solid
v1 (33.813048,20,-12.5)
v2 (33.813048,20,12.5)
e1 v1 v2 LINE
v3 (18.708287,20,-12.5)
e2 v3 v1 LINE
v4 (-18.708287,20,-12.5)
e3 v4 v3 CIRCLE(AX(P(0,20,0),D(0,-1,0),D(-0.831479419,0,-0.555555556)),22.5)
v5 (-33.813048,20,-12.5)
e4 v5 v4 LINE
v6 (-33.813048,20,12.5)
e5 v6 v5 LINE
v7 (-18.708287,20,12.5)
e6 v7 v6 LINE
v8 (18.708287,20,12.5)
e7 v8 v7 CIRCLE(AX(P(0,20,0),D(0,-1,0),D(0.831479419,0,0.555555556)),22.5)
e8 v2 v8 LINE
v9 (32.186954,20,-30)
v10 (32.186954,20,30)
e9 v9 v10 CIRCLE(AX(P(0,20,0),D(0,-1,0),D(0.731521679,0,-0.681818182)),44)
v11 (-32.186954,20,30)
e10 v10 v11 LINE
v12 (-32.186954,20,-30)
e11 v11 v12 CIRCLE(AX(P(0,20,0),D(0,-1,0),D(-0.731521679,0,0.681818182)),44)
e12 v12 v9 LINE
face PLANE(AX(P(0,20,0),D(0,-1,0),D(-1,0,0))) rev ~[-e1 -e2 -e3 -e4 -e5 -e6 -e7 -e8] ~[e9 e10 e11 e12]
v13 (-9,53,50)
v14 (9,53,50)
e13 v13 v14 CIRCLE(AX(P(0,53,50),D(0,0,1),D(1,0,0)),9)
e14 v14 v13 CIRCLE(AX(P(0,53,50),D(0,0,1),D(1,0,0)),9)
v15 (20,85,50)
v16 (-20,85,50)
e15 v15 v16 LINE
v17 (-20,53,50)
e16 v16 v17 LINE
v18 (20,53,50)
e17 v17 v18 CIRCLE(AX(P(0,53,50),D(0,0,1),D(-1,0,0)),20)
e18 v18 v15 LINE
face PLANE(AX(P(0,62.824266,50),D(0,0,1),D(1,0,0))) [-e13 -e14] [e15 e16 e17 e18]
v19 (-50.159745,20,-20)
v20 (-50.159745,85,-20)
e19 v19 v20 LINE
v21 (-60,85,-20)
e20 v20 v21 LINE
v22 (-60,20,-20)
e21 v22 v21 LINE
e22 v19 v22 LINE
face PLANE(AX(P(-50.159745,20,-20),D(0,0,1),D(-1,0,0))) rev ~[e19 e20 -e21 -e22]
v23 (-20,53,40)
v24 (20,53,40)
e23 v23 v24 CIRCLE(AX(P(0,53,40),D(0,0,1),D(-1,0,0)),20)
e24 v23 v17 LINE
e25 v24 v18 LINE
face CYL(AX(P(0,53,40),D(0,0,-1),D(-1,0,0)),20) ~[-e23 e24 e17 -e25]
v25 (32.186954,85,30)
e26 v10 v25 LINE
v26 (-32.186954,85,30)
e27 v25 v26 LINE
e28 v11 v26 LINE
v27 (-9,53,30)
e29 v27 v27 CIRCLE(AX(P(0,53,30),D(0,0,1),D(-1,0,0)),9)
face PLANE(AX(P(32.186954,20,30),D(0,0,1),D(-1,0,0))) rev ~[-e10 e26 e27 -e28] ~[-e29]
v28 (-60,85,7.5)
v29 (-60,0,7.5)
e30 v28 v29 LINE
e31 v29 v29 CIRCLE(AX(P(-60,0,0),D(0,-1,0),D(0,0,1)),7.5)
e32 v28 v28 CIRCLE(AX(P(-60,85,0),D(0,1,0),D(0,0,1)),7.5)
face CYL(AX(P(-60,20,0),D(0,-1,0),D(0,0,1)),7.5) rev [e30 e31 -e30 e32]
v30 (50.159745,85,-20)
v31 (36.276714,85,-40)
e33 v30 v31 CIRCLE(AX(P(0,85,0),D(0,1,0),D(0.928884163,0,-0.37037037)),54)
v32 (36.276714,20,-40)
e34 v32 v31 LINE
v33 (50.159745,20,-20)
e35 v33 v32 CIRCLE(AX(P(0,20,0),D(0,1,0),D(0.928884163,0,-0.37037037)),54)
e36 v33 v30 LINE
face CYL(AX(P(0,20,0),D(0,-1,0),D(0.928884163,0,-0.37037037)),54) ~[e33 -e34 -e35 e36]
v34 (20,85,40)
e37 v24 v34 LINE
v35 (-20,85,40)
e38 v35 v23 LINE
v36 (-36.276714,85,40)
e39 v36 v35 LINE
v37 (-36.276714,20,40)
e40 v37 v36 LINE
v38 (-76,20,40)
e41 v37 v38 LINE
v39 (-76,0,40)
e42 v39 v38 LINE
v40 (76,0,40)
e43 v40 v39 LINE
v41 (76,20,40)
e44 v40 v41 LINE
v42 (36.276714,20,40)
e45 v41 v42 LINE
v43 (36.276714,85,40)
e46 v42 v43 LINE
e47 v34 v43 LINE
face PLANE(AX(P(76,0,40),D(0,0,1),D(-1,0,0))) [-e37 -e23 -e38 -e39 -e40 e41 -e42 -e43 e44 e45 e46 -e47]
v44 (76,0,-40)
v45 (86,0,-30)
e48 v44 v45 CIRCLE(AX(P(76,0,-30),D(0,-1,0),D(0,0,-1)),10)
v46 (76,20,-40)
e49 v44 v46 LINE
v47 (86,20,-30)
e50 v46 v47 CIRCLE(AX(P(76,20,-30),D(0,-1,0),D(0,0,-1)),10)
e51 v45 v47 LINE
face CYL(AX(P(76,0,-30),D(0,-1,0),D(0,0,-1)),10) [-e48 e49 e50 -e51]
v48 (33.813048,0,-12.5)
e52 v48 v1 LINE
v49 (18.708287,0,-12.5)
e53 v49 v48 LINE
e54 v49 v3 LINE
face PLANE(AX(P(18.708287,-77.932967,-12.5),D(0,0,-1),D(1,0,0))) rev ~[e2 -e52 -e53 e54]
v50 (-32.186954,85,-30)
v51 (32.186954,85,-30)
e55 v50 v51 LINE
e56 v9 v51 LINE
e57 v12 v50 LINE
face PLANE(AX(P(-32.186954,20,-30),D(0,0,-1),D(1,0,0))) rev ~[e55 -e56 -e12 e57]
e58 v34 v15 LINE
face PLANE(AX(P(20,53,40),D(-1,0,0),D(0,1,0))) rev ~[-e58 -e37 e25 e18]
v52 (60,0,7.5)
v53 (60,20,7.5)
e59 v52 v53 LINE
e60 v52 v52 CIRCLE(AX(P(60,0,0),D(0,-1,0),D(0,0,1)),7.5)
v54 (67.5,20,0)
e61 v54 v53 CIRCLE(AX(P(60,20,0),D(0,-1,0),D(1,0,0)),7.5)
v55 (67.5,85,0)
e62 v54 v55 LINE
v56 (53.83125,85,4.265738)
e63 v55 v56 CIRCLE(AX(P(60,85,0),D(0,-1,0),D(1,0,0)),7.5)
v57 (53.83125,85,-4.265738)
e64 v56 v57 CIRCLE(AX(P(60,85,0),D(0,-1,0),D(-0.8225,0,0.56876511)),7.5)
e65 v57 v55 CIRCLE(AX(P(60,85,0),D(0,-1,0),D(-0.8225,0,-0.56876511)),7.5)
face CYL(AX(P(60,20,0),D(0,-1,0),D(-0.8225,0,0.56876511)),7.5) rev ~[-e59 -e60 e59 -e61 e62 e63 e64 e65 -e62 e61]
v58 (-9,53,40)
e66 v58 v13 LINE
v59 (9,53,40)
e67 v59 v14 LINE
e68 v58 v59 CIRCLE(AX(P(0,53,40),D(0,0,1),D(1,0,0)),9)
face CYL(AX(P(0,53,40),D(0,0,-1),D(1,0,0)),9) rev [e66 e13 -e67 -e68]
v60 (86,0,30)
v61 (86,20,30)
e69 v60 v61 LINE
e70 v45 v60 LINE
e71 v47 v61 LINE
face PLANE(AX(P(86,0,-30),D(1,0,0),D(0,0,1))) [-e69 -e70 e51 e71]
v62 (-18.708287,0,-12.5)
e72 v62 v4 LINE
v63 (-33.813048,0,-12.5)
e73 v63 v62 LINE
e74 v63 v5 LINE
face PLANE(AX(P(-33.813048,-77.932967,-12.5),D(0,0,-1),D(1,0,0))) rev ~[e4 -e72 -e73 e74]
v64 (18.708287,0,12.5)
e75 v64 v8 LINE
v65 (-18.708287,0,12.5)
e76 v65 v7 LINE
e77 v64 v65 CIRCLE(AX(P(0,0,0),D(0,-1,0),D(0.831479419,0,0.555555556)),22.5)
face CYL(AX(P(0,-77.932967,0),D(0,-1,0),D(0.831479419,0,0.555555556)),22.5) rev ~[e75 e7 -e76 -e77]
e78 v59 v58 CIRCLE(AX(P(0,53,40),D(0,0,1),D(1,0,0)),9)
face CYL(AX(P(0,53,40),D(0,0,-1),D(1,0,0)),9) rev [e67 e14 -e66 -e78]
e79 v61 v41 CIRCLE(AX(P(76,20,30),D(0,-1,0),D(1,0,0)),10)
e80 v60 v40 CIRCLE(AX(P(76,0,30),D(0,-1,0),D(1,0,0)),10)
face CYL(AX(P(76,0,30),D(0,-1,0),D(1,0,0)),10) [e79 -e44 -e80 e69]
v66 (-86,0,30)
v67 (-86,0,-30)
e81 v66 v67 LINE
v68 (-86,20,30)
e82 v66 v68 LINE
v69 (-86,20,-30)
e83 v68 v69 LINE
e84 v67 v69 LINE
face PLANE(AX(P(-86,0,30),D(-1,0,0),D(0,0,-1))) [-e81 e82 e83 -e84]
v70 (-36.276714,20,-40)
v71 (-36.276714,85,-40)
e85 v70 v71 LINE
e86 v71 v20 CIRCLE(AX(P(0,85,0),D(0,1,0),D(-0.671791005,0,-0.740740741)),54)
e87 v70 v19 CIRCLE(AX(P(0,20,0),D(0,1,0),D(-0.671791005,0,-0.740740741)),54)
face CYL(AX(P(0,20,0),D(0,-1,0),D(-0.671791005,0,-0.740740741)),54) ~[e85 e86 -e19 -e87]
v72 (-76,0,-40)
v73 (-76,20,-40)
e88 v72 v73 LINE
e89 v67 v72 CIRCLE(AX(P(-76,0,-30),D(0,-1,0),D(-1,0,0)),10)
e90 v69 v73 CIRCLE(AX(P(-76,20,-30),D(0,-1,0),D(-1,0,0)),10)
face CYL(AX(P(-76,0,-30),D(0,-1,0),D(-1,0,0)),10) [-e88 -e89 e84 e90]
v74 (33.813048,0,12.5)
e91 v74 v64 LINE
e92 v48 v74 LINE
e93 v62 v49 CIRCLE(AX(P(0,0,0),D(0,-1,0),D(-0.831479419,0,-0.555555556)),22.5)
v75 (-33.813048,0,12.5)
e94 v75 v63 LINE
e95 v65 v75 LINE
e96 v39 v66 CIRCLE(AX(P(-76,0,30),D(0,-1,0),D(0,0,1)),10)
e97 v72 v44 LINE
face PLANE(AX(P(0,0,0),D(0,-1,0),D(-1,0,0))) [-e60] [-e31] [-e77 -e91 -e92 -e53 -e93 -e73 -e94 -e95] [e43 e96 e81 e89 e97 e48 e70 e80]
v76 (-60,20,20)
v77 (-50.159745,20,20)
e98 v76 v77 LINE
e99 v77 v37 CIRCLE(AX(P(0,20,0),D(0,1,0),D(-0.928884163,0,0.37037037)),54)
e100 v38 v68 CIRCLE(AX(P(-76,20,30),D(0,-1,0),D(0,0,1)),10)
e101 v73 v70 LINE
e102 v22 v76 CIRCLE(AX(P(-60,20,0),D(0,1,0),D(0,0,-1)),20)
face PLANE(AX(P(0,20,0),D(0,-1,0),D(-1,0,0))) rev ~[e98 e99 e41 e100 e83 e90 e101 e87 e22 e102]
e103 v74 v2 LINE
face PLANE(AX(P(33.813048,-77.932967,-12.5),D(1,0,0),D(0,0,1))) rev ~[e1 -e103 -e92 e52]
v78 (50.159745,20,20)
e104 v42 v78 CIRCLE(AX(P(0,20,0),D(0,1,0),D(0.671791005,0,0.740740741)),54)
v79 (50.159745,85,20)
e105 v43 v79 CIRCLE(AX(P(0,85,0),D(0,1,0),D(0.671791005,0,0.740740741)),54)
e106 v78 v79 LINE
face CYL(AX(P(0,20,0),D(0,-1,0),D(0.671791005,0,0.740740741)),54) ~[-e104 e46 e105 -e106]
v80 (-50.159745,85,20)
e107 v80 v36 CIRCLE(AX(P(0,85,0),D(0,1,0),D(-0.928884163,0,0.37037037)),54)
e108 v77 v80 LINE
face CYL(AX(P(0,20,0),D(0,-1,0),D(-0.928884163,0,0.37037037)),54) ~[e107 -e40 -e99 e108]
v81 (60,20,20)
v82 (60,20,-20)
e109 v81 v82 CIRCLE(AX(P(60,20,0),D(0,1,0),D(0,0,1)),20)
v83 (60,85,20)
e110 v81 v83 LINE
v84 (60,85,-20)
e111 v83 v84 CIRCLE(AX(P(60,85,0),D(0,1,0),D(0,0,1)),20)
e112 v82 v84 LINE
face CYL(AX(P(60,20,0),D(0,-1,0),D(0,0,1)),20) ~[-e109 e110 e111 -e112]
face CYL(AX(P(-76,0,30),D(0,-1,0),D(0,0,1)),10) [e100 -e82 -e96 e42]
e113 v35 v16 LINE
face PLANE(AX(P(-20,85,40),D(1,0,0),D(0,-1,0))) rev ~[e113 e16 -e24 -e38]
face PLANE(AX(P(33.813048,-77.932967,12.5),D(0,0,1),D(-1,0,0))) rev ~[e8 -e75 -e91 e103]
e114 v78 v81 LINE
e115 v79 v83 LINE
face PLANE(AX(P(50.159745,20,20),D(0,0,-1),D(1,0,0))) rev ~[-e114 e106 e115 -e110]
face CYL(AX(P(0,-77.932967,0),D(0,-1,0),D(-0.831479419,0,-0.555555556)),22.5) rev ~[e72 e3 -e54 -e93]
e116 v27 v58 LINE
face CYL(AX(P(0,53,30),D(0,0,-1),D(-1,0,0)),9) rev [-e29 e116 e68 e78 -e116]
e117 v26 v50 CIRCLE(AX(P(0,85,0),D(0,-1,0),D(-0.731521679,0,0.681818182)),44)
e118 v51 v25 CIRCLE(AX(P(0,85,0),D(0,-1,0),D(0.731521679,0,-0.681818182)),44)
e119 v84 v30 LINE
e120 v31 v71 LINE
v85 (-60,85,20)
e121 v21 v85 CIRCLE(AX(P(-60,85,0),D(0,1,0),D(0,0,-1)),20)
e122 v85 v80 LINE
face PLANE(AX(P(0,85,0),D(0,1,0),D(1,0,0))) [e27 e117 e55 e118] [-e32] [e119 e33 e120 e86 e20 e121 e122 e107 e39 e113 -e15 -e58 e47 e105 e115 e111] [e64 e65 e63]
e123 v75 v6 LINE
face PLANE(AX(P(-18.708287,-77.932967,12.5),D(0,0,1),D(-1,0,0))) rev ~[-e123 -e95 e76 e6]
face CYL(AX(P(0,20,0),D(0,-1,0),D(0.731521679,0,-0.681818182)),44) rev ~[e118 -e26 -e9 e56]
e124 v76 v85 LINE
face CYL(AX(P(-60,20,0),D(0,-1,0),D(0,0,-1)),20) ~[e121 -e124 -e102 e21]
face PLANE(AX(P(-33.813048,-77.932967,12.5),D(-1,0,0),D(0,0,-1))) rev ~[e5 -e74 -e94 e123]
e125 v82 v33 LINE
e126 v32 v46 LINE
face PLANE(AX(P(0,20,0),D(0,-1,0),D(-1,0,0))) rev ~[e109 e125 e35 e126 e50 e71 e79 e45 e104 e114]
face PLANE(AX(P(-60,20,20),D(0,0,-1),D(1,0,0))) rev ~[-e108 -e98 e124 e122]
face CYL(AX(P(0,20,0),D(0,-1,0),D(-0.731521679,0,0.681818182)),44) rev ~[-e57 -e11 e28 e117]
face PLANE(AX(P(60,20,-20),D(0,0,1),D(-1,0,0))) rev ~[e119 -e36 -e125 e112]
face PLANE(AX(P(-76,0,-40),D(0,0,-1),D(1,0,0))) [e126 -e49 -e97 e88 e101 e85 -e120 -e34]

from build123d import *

# Parameters (mm, degrees)
EXTRUDE_1_DEPTH          = 20
CUT_EXTRUDE_1_DEPTH      = 97.932966528
CUT_EXTRUDE_1_DEPTH_BACK = 97.932966528
SKETCH_3_R               = 7.5
EXTRUDE_2_DEPTH          = 65
CUT_EXTRUDE_2_DEPTH      = 128.361689687
CUT_EXTRUDE_2_DEPTH_BACK = 128.361689687
SKETCH_5_R               = 7.5
SKETCH_6_R               = 9
EXTRUDE_3_DEPTH          = 10
CUT_EXTRUDE_3_DEPTH      = 151.73486657
CUT_EXTRUDE_3_DEPTH_BACK = 20
SKETCH_7_R               = 9


with BuildPart() as part:
    # 草图1 → 凸台-拉伸1 (new body)
    with BuildSketch(Plane(origin=(0, 0, 0), x_dir=(1, 0, 0), z_dir=(0, 1, 0))):
        with BuildLine():
            Line((-76, 40), (76, 40))
            ThreePointArc((76, 40), (83.071067812, 37.071067812), (86, 30))
            Line((86, 30), (86, -30))
            ThreePointArc((86, -30), (83.071067812, -37.071067812), (76, -40))
            Line((76, -40), (-76, -40))
            ThreePointArc((-76, -40), (-83.071067812, -37.071067812), (-86, -30))
            Line((-86, -30), (-86, 30))
            ThreePointArc((-86, 30), (-83.071067812, 37.071067812), (-76, 40))
        make_face()
    extrude(amount=EXTRUDE_1_DEPTH)

    # 草图2 → 切除-拉伸1 (cut, two sides: drawn at the far end of the back side and taken through both)
    with BuildSketch(Plane(origin=(0, 20, 0), x_dir=(1, 0, 0), z_dir=(0, 1, 0)).offset(-CUT_EXTRUDE_1_DEPTH_BACK)):
        with BuildLine():
            Line((33.813047991, 12.5), (33.813047991, -12.5))
            Line((33.813047991, -12.5), (18.708286934, -12.5))
            ThreePointArc((18.708286934, -12.5), (0, -22.5), (-18.708286934, -12.5))
            Line((-18.708286934, -12.5), (-33.813047991, -12.5))
            Line((-33.813047991, -12.5), (-33.813047991, 12.5))
            Line((-33.813047991, 12.5), (-18.708286934, 12.5))
            ThreePointArc((-18.708286934, 12.5), (0, 22.5), (18.708286934, 12.5))
            Line((18.708286934, 12.5), (33.813047991, 12.5))
        make_face()
    extrude(amount=CUT_EXTRUDE_1_DEPTH + CUT_EXTRUDE_1_DEPTH_BACK, mode=Mode.SUBTRACT)

    # 草图3 → 凸台-拉伸2 (add)
    with BuildSketch(Plane(origin=(0, 20, 0), x_dir=(1, 0, 0), z_dir=(0, 1, 0))):
        with BuildLine():
            ThreePointArc((60, -20), (80, 0), (60, 20))
            Line((60, 20), (50.159744816, 20))
            ThreePointArc((50.159744816, 20), (44.36006499, 30.792606809), (36.276714294, 40))
            Line((36.276714294, 40), (-36.276714294, 40))
            ThreePointArc((-36.276714294, 40), (-44.36006499, 30.792606809), (-50.159744816, 20))
            Line((-50.159744816, 20), (-60, 20))
            ThreePointArc((-60, 20), (-80, 0), (-60, -20))
            Line((-60, -20), (-50.159744816, -20))
            ThreePointArc((-50.159744816, -20), (-44.36006499, -30.792606809), (-36.276714294, -40))
            Line((-36.276714294, -40), (36.276714294, -40))
            ThreePointArc((36.276714294, -40), (44.36006499, -30.792606809), (50.159744816, -20))
            Line((50.159744816, -20), (60, -20))
        make_face()
        with Locations(Location((-60, 0, 0), (0, 0, 270))):
            Circle(SKETCH_3_R, mode=Mode.SUBTRACT)
        with BuildLine():
            Line((30, -30), (-30, -30))
            Line((-30, -30), (-32.186953879, -30))
            ThreePointArc((-32.186953879, -30), (-44, 0), (-32.186953879, 30))
            Line((-32.186953879, 30), (32.186953879, 30))
            ThreePointArc((32.186953879, 30), (44, 0), (32.186953879, -30))
            Line((32.186953879, -30), (30, -30))
        make_face(mode=Mode.SUBTRACT)
        with BuildLine():
            ThreePointArc((53.83125, 4.265738323), (62.234320366, 7.15945616), (67.5, 0))
            ThreePointArc((67.5, 0), (62.234320366, -7.15945616), (53.83125, -4.265738323))
            ThreePointArc((53.83125, -4.265738323), (52.5, 0), (53.83125, 4.265738323))
        make_face(mode=Mode.SUBTRACT)
    extrude(amount=EXTRUDE_2_DEPTH)

    # 草图5 → 切除-拉伸2 (cut, two sides: drawn at the far end of the back side and taken through both)
    with BuildSketch(Plane(origin=(0, 85, 0), x_dir=(1, 0, 0), z_dir=(0, 1, 0)).offset(-CUT_EXTRUDE_2_DEPTH_BACK)):
        with Locations(Location((60, 0, 0), (0, 0, 270))):
            Circle(SKETCH_5_R)
        with Locations(Location((-60, 0, 0), (0, 0, 270))):
            Circle(SKETCH_5_R)
    extrude(amount=CUT_EXTRUDE_2_DEPTH + CUT_EXTRUDE_2_DEPTH_BACK, mode=Mode.SUBTRACT)

    # 草图6 → 凸台-拉伸3 (add)
    with BuildSketch(Plane.XY.offset(40)):
        with BuildLine():
            Line((0, 85), (-20, 85))
            Line((-20, 85), (-20, 53))
            ThreePointArc((-20, 53), (0, 33), (20, 53))
            Line((20, 53), (20, 85))
            Line((20, 85), (0, 85))
        make_face()
        with Locations((0, 53)):
            Circle(SKETCH_6_R, mode=Mode.SUBTRACT)
    extrude(amount=EXTRUDE_3_DEPTH)

    # 草图7 → 切除-拉伸3 (cut, two sides: drawn at the far end of the back side and taken through both)
    with BuildSketch(Plane.XY.offset(50).offset(-CUT_EXTRUDE_3_DEPTH_BACK)):
        with Locations(Location((0, 53, 0), (0, 0, 180))):
            Circle(SKETCH_7_R)
    extrude(amount=CUT_EXTRUDE_3_DEPTH + CUT_EXTRUDE_3_DEPTH_BACK, mode=Mode.SUBTRACT)


solid = part.part
